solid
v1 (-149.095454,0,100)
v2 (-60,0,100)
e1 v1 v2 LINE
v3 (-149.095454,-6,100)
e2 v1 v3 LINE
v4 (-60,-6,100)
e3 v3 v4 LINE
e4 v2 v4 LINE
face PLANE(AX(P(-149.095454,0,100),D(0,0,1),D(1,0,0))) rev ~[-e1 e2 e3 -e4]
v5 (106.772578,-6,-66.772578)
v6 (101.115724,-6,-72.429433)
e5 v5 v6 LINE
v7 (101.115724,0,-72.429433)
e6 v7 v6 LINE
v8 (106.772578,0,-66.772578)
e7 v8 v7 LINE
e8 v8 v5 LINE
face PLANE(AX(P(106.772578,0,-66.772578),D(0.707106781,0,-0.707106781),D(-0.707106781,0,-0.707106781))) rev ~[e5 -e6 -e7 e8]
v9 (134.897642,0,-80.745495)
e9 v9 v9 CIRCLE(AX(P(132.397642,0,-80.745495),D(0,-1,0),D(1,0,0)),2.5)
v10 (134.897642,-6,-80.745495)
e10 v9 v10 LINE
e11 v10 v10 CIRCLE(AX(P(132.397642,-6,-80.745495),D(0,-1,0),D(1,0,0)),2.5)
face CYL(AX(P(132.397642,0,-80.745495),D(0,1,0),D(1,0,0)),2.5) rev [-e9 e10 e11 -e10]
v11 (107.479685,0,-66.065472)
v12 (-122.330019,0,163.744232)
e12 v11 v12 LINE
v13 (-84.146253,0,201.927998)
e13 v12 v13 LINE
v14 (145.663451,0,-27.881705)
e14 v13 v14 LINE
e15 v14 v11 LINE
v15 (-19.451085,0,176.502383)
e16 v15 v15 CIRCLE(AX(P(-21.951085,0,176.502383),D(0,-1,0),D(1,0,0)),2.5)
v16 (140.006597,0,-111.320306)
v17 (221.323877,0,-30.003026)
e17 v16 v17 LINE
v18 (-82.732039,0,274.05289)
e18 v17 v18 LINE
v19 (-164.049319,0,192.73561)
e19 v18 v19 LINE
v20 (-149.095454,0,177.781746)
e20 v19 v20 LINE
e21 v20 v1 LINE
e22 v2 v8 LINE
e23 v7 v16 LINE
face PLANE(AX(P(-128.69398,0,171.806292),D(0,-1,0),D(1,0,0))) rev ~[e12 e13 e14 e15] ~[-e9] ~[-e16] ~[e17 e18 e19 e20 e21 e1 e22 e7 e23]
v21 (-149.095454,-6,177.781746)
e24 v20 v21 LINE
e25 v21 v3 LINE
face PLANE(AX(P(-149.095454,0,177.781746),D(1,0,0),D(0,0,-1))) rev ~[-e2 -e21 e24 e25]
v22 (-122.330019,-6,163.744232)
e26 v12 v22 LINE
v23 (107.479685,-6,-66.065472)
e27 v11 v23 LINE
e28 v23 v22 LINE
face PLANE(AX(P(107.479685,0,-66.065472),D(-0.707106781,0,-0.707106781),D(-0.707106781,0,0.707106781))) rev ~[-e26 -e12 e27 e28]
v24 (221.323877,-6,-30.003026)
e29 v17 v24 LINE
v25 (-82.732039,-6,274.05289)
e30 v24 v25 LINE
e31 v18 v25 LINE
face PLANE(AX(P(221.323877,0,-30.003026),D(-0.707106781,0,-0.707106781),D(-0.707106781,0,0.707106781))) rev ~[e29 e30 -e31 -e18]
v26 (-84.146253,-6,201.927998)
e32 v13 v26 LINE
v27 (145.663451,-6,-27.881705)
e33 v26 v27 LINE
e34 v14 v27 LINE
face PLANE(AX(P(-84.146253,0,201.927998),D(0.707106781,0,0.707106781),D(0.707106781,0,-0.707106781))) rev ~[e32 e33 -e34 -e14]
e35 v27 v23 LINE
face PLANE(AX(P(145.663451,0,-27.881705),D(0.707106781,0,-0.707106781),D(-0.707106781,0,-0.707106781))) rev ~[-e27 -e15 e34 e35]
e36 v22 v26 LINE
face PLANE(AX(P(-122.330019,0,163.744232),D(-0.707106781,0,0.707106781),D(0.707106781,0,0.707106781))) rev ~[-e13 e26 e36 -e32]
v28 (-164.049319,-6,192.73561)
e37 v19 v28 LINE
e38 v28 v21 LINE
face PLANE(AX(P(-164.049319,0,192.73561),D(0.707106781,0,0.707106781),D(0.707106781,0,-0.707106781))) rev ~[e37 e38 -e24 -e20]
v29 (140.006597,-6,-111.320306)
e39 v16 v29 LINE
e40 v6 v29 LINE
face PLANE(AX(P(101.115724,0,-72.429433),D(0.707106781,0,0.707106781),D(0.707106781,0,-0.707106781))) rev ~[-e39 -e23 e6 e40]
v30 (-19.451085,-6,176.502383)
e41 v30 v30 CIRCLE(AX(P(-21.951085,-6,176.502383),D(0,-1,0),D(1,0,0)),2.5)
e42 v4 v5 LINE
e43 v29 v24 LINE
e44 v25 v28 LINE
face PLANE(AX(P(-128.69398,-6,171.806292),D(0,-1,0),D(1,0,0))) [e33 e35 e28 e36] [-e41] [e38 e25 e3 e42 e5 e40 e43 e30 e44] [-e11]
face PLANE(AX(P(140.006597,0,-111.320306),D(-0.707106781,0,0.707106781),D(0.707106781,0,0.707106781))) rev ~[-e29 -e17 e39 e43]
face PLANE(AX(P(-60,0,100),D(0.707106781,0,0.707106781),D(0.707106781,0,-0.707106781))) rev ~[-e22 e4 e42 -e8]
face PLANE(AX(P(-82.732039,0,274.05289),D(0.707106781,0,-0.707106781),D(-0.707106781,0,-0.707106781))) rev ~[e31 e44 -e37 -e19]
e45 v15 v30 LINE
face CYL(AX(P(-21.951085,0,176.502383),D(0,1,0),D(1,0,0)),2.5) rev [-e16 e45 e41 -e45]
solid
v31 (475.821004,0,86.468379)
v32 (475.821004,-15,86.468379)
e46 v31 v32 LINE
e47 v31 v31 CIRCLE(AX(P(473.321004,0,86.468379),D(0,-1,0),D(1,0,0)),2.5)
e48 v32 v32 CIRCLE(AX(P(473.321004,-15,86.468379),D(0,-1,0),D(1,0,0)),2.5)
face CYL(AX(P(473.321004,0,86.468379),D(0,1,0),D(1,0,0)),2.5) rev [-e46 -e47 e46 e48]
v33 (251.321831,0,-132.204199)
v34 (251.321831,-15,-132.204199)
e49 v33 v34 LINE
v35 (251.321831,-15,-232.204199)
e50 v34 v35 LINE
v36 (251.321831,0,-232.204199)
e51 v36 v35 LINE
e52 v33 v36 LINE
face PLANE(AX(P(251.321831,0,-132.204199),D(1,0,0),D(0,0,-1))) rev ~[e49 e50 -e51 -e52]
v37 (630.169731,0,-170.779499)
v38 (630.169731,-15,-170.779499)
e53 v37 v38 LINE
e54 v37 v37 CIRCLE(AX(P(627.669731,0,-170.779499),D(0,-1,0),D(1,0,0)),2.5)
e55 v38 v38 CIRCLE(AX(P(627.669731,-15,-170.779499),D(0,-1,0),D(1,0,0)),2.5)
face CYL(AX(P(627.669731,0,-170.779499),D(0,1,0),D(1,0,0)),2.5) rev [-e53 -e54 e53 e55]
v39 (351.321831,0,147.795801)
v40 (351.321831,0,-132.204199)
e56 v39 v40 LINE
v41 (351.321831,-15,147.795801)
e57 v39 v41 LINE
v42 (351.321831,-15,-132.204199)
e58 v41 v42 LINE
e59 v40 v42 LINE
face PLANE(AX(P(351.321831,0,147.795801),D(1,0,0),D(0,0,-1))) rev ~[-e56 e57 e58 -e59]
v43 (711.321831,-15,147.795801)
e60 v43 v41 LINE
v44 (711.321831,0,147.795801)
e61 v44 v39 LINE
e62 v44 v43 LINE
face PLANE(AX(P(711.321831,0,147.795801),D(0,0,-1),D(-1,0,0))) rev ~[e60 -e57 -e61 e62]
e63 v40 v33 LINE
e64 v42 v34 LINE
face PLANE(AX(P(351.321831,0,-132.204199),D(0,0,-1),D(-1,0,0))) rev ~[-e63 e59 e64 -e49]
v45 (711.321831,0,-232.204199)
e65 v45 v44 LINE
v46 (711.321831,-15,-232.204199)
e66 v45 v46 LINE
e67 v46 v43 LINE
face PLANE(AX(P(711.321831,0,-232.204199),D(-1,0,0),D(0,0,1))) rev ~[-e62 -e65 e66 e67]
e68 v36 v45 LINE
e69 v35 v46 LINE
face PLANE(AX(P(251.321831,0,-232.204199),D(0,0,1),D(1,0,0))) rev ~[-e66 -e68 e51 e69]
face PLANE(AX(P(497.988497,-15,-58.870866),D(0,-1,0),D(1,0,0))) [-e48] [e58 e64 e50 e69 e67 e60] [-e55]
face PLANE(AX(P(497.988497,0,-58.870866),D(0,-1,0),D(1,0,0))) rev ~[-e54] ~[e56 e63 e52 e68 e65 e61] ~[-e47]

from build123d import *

# Parameters (mm, degrees)
F0_R     = 2.5
F1_DEPTH = 6
F2_DEPTH = 15


with BuildPart() as f1:
    # F0 (on Front) → F1 (new body)
    with BuildSketch(Plane.XZ):
        Polygon((-128.6939797177, 157.3802712188), (-123.0371254683, 163.0371254683), (-122.3300186871, 163.7442322494), (-108.292505006, 177.7817459305), (-149.0954544295, 177.7817459305), align=None)
        Polygon((-122.3300186871, 163.7442322494), (-123.0371254683, 163.0371254683), (-60, 100), (-60, 101.4142135624), align=None)
        Polygon((-60, 101.4142135624), (-60, 100), (106.7725784174, -66.7725784174), (107.4796851986, -66.0654716362), align=None)
        Polygon((107.4796851986, -66.0654716362), (106.7725784174, -66.7725784174), (101.1157241679, -72.4294326669), (140.0065971331, -111.3203056321), (221.3238769696, -30.0030257957), (-82.7320389406, 274.0528901145), (-164.0493187771, 192.7356102781), (-149.0954544295, 177.7817459305), (-108.292505006, 177.7817459305), (-84.146252503, 201.9279984335), (-60, 177.7817459305), (145.6634513826, -27.8817054521), align=None)
        with Locations((132.397642024, -80.7454945572)):
            Circle(F0_R, mode=Mode.SUBTRACT)
        with Locations((-21.9510846043, 176.5023831565)):
            Circle(F0_R, mode=Mode.SUBTRACT)
        Polygon((-60, 100), (-123.0371254683, 163.0371254683), (-128.6939797177, 157.3802712188), (-149.0954544295, 177.7817459305), (-149.0954544295, 100), align=None)
    extrude(amount=F1_DEPTH)


with BuildPart() as f2:
    # F0 (on Front) → F2 (new body)
    with BuildSketch(Plane.XZ):
        Polygon((711.3218307495, 147.7958011627), (351.3218307495, 147.7958011627), (351.3218307495, -132.2041988373), (251.3218307495, -132.2041988373), (251.3218307495, -232.2041988373), (711.3218307495, -232.2041988373), align=None)
        with Locations((627.6697307495, -170.7794988373)):
            Circle(F0_R, mode=Mode.SUBTRACT)
        with Locations((473.3210041213, 86.4683788765)):
            Circle(F0_R, mode=Mode.SUBTRACT)
    extrude(amount=F2_DEPTH)


solid = Compound([f1.part, f2.part])
